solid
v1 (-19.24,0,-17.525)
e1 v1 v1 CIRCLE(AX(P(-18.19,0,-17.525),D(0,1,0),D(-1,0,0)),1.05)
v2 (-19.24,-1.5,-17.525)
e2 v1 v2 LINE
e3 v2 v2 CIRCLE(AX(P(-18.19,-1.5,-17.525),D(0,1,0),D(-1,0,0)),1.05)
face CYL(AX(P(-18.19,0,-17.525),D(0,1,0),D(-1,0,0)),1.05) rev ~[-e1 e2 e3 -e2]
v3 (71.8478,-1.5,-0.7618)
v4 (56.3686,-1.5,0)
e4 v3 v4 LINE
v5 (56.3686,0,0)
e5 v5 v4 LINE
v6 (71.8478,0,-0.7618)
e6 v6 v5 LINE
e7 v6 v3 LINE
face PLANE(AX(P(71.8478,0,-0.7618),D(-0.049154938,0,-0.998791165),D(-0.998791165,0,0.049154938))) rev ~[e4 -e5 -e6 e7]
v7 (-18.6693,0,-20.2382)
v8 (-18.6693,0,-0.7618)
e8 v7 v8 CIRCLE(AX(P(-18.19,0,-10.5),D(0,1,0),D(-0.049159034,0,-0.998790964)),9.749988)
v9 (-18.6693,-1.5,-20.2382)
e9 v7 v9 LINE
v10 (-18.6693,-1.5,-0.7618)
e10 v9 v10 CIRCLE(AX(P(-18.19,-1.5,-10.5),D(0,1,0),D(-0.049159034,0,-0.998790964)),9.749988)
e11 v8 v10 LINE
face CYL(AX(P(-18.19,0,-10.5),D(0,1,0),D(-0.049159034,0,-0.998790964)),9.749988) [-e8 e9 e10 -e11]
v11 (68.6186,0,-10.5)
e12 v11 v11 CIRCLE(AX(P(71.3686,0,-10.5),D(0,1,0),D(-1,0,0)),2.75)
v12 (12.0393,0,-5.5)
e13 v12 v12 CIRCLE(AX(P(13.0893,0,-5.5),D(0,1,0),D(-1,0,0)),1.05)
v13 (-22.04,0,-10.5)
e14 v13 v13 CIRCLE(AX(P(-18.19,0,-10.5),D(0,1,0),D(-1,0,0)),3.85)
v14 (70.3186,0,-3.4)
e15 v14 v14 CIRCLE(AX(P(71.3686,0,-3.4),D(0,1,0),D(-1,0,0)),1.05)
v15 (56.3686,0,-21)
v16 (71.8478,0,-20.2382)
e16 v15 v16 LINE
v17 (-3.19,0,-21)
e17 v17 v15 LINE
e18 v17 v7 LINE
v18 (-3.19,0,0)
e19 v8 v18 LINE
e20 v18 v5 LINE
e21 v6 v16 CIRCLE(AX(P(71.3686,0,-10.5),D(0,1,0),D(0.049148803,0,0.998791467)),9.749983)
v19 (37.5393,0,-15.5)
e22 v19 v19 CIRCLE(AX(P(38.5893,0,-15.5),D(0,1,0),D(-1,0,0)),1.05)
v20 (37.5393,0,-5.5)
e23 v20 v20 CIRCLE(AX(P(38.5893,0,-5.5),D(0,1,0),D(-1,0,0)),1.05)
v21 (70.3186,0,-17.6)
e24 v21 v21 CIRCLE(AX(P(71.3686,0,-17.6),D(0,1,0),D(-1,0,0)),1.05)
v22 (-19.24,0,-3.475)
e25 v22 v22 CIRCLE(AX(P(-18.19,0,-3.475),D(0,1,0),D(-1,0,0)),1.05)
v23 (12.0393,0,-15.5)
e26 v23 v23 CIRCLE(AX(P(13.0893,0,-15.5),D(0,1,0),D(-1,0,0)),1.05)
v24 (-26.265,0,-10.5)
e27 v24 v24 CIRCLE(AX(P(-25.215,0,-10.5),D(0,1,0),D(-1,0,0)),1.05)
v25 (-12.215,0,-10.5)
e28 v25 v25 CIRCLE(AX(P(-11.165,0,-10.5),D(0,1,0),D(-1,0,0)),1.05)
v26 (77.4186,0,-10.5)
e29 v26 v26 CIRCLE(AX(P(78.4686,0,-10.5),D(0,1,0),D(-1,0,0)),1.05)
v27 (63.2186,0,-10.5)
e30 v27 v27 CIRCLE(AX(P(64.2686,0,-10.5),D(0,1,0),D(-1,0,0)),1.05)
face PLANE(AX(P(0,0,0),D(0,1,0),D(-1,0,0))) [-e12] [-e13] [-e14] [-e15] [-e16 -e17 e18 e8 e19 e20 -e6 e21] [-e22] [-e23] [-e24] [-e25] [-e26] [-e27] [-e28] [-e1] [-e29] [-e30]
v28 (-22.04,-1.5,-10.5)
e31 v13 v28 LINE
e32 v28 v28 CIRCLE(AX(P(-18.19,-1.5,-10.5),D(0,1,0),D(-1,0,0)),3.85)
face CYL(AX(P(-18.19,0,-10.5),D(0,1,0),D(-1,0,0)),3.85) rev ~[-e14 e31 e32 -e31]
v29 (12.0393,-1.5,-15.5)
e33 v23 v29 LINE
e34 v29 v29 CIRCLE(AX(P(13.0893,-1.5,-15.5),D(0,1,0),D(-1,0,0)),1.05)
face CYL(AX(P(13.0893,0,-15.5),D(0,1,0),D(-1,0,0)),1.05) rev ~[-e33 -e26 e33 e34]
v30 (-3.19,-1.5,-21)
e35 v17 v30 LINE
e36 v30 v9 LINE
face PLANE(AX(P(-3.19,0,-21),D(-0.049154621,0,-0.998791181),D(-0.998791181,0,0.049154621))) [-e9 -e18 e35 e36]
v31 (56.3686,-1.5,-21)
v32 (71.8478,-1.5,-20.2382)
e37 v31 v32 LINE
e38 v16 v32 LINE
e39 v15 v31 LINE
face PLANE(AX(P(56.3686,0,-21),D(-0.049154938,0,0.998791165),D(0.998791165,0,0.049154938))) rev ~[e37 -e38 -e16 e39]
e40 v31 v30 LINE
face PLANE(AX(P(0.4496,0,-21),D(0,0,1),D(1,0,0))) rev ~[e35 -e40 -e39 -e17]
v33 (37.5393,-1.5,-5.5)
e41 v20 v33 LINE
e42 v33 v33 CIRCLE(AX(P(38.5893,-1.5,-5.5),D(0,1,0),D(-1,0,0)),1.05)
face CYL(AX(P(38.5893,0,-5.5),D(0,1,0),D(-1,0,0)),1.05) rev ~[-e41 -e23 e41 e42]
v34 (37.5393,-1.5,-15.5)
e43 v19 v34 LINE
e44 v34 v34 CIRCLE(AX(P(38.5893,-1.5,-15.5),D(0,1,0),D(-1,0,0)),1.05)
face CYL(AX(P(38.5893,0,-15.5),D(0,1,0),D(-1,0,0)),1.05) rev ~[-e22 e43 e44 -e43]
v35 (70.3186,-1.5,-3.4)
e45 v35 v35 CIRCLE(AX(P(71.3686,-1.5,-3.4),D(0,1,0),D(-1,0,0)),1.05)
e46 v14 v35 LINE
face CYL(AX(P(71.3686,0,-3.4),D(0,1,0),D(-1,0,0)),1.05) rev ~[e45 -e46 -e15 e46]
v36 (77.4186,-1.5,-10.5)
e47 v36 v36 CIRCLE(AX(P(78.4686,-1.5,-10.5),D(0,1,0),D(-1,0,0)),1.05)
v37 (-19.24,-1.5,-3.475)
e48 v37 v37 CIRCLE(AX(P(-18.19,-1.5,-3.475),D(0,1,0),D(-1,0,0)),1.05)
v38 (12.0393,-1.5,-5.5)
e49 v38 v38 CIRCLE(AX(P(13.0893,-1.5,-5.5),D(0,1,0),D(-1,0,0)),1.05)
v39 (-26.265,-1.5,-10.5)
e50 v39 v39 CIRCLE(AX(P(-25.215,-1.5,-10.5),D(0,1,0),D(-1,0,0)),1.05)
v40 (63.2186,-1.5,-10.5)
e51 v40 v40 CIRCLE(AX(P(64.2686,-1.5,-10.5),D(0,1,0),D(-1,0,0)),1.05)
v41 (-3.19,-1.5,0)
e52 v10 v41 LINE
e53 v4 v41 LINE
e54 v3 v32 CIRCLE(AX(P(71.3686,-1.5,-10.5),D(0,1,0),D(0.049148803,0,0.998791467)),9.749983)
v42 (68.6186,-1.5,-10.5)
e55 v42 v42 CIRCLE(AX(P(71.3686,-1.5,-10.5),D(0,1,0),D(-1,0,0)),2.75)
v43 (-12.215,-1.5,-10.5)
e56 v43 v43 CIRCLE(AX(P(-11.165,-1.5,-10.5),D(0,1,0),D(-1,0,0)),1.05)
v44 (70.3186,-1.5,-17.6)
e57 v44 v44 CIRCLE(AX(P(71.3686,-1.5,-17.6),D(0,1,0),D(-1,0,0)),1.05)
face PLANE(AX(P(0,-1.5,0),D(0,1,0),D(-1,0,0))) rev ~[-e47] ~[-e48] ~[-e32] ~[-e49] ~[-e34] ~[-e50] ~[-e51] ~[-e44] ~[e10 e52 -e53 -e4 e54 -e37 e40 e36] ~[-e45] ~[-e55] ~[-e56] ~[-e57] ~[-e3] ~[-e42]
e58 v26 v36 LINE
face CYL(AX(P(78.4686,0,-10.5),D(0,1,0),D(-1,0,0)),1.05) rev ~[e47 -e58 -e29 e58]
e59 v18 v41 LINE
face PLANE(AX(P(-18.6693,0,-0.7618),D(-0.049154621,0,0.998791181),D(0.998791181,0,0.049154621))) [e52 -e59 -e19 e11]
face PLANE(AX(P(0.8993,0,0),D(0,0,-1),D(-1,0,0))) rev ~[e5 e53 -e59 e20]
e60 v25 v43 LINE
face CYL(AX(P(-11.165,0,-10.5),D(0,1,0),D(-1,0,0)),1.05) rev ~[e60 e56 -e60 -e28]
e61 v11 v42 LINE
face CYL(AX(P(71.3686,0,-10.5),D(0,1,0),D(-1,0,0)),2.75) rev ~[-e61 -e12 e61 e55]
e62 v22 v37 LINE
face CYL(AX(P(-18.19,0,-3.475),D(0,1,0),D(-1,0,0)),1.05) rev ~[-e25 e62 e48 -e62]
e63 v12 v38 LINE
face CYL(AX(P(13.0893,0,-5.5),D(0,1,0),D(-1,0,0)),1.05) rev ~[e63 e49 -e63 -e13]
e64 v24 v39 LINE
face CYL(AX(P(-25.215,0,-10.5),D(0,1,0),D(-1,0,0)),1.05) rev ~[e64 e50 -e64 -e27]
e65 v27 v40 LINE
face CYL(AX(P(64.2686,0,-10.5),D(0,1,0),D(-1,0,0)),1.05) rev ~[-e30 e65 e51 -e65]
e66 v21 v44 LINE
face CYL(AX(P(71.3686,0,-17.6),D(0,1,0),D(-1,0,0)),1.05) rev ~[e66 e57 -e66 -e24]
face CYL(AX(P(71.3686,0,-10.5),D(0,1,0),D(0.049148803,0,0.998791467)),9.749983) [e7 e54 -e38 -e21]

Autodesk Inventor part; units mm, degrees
ref_plane "YZ Plane" through (0, 0, 0) normal (1, 0, 0) x (0, 1, 0)
ref_plane "XZ Plane" through (0, 0, 0) normal (0, 1, 0) x (-1, 0, 0)
ref_plane "XY Plane" through (0, 0, 0) normal (0, 0, 1) x (1, 0, 0)
sketch "Sketch2" plane through (0, 0, 0) normal (0, 1, 0) x (-1, 0, 0)
  line L0 (-0.4496, -21) -> (-0.4496, 0)
  line L1 (-52.7289, -21) -> (-52.7289, 0)
  circle A0 centre (-13.0893, -5.5) radius 1.05
  circle A1 centre (-38.5893, -5.5) radius 1.05
  circle A2 centre (-38.5893, -15.5) radius 1.05
  circle A3 centre (-13.0893, -15.5) radius 1.05
  circle A4 centre (11.165, -10.5) radius 1.05
  circle A5 centre (25.215, -10.5) radius 1.05
  circle A6 centre (18.19, -3.475) radius 1.05
  circle A7 centre (18.19, -17.525) radius 1.05
  circle A8 centre (18.19, -10.5) radius 3.85
  circle A9 centre (-71.3686, -10.5) radius 2.75
  circle A10 centre (-78.4686, -10.5) radius 1.05
  circle A11 centre (-71.3686, -3.4) radius 1.05
  circle A12 centre (-64.2686, -10.5) radius 1.05
  circle A13 centre (-71.3686, -17.6) radius 1.05
  arc A14 (18.6693, -20.2382) -> (18.6693, -0.7618) centre (18.19, -10.5) ccw
  line L2 (3.19, -21) -> (18.6693, -20.2382)
  line L3 (18.6693, -0.7618) -> (3.19, 0)
  line L4 (-56.3686, 0) -> (3.19, 0)
  line L5 (3.19, -21) -> (-56.3686, -21)
  line L6 (-71.8478, -0.7618) -> (-56.3686, 0)
  arc A15 (-71.8478, -0.7618) -> (-71.8478, -20.2382) centre (-71.3686, -10.5) ccw
  line L7 (-56.3686, -21) -> (-71.8478, -20.2382)
  line L8 (-53.1786, -21) -> (-53.1786, 0)
  line L9 (-52.2793, 0) -> (-52.2793, -21)
  line L10 (-0.8993, -21) -> (-0.8993, 0)
  line L11 (0, 0) -> (0, -21)
extrude "Plate2" add sketch "Sketch2" against normal blind 1.5
equation "\"d1\" = Thickness"
equation "\"BendReliefWidth\" = Thickness"
equation "\"BendReliefDepth\" = 0.5 * Thickness"
equation "\"CornerReliefSize\" = 4 * Thickness"
equation "\"MinimumRemnant\" = 2 * Thickness"
equation "\"TransitionRadius\" = BendRadius"
equation "\"JacobiRadiusSize\" = BendRadius"
equation "\"GapSize\" = Thickness"
equation "\"Thickness\" = 1.5"
equation "\"BendRadius\" = 0.31"
properties part number "CAM_ㄷ_frame_2" material "Aluminum 6061"
